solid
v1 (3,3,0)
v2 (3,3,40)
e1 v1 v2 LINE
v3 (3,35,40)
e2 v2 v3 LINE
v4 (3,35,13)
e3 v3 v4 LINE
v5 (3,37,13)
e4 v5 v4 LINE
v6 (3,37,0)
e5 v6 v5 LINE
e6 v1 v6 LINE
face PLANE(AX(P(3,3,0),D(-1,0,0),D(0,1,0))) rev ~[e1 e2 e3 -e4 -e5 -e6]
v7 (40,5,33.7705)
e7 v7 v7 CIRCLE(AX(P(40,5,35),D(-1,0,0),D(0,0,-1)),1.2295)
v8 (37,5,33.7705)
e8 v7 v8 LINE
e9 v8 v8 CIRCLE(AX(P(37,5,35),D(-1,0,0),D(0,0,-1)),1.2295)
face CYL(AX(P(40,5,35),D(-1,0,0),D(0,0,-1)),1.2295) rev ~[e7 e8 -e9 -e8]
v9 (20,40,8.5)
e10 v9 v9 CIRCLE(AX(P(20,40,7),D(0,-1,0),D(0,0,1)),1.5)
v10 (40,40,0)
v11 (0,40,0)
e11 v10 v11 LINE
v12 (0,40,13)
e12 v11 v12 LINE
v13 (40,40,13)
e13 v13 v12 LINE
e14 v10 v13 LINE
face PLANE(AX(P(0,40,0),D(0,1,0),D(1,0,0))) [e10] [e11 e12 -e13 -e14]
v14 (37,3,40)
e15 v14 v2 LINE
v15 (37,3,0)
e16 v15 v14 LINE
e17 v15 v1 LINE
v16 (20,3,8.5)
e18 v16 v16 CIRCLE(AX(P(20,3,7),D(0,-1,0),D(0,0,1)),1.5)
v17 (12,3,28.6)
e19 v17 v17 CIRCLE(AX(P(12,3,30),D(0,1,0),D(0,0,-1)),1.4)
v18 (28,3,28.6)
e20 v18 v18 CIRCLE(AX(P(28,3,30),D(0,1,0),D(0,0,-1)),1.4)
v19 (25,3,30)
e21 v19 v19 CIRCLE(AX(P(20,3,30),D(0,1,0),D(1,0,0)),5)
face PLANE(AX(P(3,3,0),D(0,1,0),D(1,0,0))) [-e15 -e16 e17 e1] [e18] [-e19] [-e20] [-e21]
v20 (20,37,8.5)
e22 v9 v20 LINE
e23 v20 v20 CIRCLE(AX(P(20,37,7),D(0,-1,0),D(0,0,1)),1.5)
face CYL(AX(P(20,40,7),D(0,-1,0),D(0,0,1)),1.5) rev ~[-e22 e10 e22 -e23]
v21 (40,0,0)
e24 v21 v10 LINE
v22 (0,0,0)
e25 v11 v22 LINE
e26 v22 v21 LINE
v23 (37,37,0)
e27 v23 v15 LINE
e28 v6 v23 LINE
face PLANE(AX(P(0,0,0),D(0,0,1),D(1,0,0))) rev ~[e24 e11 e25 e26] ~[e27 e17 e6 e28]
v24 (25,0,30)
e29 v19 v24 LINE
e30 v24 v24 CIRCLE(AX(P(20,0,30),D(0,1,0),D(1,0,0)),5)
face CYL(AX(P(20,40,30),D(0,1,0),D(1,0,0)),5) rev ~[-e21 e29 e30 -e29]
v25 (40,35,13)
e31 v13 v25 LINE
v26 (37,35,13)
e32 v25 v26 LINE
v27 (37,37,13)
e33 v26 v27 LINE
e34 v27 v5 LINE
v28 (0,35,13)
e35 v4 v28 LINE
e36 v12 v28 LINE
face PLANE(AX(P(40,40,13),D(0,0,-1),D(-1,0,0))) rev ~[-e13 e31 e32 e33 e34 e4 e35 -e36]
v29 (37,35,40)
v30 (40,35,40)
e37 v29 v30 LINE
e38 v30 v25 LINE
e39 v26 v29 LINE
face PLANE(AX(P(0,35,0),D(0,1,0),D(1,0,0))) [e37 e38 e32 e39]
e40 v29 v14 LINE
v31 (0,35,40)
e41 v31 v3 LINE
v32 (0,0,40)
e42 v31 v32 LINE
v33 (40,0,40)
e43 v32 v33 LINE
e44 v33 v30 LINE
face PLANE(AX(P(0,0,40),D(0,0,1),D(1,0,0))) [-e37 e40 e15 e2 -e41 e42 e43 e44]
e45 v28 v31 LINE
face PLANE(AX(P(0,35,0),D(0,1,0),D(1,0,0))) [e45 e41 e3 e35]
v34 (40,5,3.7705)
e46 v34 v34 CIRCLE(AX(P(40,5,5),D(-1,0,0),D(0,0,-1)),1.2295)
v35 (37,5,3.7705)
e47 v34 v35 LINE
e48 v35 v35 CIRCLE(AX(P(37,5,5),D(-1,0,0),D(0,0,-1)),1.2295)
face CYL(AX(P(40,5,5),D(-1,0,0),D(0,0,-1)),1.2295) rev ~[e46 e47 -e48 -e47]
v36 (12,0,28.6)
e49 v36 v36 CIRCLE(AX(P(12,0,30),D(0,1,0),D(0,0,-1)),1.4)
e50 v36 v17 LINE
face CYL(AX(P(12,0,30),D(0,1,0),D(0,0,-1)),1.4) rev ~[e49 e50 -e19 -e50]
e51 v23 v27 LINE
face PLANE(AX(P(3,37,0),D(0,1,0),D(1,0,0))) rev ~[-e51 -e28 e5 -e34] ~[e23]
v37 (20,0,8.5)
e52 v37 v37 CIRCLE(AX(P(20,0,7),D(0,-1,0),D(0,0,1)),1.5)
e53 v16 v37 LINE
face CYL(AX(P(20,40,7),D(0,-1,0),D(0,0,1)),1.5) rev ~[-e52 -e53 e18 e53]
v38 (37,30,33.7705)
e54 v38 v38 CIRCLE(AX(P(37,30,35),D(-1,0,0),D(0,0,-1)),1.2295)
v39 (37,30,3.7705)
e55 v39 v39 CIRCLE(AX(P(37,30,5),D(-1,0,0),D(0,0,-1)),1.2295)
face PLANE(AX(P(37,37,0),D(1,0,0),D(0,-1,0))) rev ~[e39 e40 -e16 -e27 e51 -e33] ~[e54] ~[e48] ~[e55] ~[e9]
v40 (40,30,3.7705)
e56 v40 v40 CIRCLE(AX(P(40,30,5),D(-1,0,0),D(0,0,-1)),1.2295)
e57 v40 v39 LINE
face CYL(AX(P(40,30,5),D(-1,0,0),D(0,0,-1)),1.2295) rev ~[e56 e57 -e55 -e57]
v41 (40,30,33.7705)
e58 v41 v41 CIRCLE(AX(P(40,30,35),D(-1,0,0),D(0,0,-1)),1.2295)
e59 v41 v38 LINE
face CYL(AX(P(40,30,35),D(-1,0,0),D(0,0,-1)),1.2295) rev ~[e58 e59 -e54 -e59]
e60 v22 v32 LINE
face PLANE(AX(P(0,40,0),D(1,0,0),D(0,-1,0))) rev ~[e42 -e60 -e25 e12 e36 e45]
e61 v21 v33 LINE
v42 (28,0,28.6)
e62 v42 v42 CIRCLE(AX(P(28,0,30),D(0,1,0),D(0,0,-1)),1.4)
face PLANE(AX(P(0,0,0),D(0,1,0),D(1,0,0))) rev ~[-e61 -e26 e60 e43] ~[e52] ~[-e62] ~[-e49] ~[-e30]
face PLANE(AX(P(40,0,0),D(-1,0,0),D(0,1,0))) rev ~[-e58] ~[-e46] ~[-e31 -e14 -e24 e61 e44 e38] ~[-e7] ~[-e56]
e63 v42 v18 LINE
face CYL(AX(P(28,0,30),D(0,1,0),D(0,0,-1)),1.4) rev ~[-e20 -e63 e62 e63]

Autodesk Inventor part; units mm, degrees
ref_plane "YZ Plane" through (0, 0, 0) normal (1, 0, 0) x (0, 1, 0)
ref_plane "XZ Plane" through (0, 0, 0) normal (0, 1, 0) x (-1, 0, 0)
ref_plane "XY Plane" through (0, 0, 0) normal (0, 0, 1) x (1, 0, 0)
sketch "スケッチ1" plane through (0, 0, 0) normal (0, 0, 1) x (1, 0, 0)
  line L0 (0, 0) -> (40, 0)
  line L1 (40, 0) -> (40, 40)
  line L2 (40, 40) -> (0, 40)
  line L3 (0, 40) -> (0, 0)
  line L4 (3, 37) -> (37, 37)
  line L5 (37, 37) -> (37, 3)
  line L6 (37, 3) -> (3, 3)
  line L7 (3, 3) -> (3, 37)
  dimension "d0" = 40
  dimension "d1" = 40
  dimension "d2" = 3
extrude "押し出し1" add sketch "スケッチ1" along normal blind 40
sketch "スケッチ2" plane through (0, 40, 0) normal (0, 1, 0) x (1, 0, 0)
  line L0 (0, -40) -> (40, -40) projected
  line L1 (0, -40) -> (40, -40)
  line L2 (40, -40) -> (40, -13)
  line L3 (40, -13) -> (0, -13)
  line L4 (0, -13) -> (0, -40)
  point P0 (0, 0)
  dimension "d5" = 40
  dimension "d6" = 27
extrude "押し出し2" cut sketch "スケッチ2" against normal blind 5
sketch "スケッチ3" plane through (0, 40, 0) normal (0, 1, 0) x (1, 0, 0)
  circle A0 centre (20, -6.5) radius 1.5
  circle A1 centre (20, -30) radius 5
  line L0 (0, -13) -> (40, -13) projected
  line L1 (37, -40) -> (3, -40) projected
  point P0 (0, 0)
  dimension "d9" = 3
  dimension "d10" = 10
  dimension "d11" = 6.5
  dimension "d12" = 10
extrude "押し出し3" cut sketch "スケッチ3" against normal through all
sketch "スケッチ4" plane through (0, 0, 0) normal (0, -1, 0) x (1, 0, 0)
  circle A0 centre (20, 30) radius 5 projected
  circle A1 centre (20, 6.5) radius 1.5 projected
  line L0 (20, 30) -> (20, 6.5) construction
  line L1 (40, 0) -> (40, 40) construction
  line L2 (0, 40) -> (40, 40) construction
  circle A2 centre (28, 30) radius 1.4 construction
  circle A3 centre (12, 30) radius 1.4 construction
  point P0 (0, 0)
  dimension "d15" = 12
  dimension "d16" = 10
  dimension "d17" = 2.8
  dimension "d18" = 2.8
hole "穴1" at (12, 0, 30) at (28, 0, 30) direction (0, 1, 0) diameter 2.8 end through all
sketch "スケッチ5" plane through (40, 0, 0) normal (1, 0, 0) x (0, 0, -1)
  point P0 (0, 0)
sketch "スケッチ6" plane through (40, 0, 0) normal (1, 0, 0) x (0, 0, -1)
  line L0 (0, 0) -> (0, 40) projected
  line L1 (0, 0) -> (-40, 0) projected
  point P0 (-5, 5)
  point P1 (-5, 30)
  point P2 (-35, 5)
  point P3 (-35, 30)
  dimension "d26" = 5
  dimension "d27" = 5
  dimension "d30" = 25
  dimension "d33" = 30
hole "穴2" at (40, 5, 35) at (40, 30, 35) at (40, 30, 5) at (40, 5, 5) direction (-1, 0, 0) diameter 2.459 depth 3 thread size "M3x0.5" class "6H" standard "ISO Metric profile"
sketch "スケッチ7" plane through (0, 40, 0) normal (0, 1, 0) x (1, 0, 0)
  point P0 (0, 0)
sketch "スケッチ8" plane through (0, 40, 0) normal (0, 1, 0) x (1, 0, 0)
  circle A0 centre (20, -6.5) radius 1.5 projected
  circle A1 centre (20, -6.5) radius 1.5
  point P0 (0, 0)
extrude "押し出し4" add sketch "スケッチ8" against normal blind 3
sketch "スケッチ9" plane through (3, 3, 0) normal (0, 1, 0) x (1, 0, 0)
  circle A0 centre (17, -6.5) radius 1.5 projected
  circle A1 centre (17, -6.5) radius 1.5
  point P0 (-3, 0)
extrude "押し出し5" add sketch "スケッチ9" against normal blind 3
sketch "スケッチ10" plane through (0, 40, 0) normal (0, 1, 0) x (1, 0, 0)
  line L0 (40, 0) -> (0, 0) projected
  line L1 (40, 0) -> (40, -13) projected
  point P0 (20, -7)
  point P1 (40, -6.5)
  dimension "d47" = 7
  dimension "d48" = 20
hole "穴3" at (20, 40, 7) direction (0, -1, 0) diameter 3 end through all
properties part number "RD006_ギヤボックス左" material "アルミニウム 6061"
